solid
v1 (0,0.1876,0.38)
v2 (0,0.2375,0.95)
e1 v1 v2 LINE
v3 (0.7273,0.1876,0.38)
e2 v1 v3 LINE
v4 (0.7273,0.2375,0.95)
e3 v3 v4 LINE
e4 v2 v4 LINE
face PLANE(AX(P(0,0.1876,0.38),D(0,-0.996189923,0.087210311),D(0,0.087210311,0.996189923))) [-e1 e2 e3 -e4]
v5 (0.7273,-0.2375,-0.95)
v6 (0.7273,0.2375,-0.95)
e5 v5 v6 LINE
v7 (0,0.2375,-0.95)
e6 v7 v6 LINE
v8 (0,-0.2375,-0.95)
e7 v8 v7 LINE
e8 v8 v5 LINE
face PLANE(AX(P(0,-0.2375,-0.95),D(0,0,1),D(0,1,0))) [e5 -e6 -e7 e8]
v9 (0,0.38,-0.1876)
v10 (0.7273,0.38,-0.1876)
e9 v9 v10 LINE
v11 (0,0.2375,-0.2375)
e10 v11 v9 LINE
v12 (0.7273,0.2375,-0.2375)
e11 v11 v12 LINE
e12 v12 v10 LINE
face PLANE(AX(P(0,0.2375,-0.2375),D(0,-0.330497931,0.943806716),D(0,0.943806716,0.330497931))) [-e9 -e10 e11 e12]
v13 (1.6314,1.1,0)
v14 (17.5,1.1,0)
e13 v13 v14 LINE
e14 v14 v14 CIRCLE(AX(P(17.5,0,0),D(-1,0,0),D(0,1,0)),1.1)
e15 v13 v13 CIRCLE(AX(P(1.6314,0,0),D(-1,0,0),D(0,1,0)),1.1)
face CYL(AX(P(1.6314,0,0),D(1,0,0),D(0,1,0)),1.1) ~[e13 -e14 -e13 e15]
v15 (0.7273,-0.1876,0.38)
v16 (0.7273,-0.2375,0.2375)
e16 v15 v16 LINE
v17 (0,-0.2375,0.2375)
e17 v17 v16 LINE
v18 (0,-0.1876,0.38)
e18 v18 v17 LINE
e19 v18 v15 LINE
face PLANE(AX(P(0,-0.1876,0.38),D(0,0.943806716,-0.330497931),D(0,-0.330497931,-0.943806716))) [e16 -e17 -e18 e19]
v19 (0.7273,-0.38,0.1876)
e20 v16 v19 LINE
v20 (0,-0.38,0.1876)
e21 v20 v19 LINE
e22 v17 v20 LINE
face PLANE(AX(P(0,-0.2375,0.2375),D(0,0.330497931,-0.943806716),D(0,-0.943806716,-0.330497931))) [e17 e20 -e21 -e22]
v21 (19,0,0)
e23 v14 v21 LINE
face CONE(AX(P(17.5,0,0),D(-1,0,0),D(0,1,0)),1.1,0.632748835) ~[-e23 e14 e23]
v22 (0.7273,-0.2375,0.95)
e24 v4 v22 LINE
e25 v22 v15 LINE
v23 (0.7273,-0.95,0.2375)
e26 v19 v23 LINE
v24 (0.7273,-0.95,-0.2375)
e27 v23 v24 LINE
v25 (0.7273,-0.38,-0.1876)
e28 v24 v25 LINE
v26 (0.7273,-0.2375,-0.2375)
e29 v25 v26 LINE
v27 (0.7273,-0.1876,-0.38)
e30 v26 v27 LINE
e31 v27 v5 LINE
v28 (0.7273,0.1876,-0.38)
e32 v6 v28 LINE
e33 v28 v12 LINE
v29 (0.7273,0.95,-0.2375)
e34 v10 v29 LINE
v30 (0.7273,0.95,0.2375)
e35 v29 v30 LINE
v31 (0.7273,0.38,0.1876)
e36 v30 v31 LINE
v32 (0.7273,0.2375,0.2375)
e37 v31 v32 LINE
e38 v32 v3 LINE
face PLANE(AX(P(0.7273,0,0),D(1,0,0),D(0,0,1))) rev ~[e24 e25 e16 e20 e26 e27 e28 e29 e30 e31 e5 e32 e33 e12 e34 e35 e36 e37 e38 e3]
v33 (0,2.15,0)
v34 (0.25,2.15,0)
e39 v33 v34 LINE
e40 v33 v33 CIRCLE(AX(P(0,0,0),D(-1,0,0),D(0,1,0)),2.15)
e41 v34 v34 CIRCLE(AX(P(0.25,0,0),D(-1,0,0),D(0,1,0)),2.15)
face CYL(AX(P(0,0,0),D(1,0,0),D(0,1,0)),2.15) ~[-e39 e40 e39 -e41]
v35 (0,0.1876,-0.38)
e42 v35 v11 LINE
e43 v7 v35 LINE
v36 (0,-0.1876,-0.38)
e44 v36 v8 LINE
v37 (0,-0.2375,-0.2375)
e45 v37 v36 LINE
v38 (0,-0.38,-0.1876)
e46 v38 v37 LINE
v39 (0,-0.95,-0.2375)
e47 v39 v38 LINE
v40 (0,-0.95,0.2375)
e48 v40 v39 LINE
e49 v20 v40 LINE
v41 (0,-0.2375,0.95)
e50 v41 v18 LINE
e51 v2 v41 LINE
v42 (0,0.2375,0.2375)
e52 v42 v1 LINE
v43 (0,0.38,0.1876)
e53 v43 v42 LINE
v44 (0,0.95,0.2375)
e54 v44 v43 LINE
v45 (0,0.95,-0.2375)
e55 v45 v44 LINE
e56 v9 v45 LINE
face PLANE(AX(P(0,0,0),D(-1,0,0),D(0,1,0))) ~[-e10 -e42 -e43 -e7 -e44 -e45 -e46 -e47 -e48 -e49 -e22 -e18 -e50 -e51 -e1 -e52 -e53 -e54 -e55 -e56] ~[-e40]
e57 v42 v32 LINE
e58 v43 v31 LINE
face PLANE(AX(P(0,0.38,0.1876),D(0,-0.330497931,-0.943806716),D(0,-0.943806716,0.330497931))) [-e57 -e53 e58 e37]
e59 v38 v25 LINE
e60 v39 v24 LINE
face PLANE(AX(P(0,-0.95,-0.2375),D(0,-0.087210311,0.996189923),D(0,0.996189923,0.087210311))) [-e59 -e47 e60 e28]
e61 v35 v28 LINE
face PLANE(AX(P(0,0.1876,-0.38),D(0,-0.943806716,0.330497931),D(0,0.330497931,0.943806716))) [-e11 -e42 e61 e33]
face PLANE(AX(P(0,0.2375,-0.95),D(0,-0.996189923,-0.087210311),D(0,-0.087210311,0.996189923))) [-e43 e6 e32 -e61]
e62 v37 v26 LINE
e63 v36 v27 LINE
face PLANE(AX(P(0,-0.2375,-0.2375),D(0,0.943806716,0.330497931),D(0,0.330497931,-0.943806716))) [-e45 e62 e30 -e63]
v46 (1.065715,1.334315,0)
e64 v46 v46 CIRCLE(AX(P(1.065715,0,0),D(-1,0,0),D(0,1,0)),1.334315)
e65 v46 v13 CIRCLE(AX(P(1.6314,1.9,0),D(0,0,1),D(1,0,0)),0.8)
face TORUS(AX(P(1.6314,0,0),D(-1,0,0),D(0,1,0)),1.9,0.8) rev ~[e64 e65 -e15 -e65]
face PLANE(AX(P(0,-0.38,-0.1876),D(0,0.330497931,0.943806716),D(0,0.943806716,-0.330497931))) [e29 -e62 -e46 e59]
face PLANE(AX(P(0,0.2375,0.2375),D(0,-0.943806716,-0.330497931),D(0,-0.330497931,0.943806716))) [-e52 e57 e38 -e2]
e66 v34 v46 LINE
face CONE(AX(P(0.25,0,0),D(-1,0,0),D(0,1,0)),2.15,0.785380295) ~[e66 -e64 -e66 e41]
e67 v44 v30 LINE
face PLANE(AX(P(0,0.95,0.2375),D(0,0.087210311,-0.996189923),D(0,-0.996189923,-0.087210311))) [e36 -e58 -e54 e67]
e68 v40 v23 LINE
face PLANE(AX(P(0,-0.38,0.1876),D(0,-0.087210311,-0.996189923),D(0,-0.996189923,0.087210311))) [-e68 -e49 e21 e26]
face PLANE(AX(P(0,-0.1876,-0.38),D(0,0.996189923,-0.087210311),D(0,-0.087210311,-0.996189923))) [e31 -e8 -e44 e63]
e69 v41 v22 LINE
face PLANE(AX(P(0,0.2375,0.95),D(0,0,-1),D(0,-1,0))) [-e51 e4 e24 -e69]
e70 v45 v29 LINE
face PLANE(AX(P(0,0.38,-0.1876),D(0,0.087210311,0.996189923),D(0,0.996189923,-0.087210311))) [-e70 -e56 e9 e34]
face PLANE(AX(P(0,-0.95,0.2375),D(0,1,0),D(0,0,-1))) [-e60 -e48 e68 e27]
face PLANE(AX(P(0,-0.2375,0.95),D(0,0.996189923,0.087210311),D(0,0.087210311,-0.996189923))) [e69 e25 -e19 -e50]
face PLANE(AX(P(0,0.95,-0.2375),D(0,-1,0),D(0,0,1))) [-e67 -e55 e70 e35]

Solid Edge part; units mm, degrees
sketch "Sketch1" plane through (0, 0, 0) normal (0, 0, 1) x (1, 0, 0)
  line L0 (0, 0) -> (0, 2.15)
  line L1 (0, 2.15) -> (0.25, 2.15)
  line L2 (0.25, 2.15) -> (1.0657, 1.3343)
  arc A0 (1.0657, 1.3343) -> (1.6314, 1.1) centre (1.6314, 1.9) ccw
  line L3 (1.6314, 1.1) -> (17.5, 1.1)
  line L4 (17.5, 1.1) -> (19, 0)
  line L5 (19, 0) -> (0, 0)
revolve "RevolvedProtrusion1" add sketch "Sketch1" angle 360 about axis through (23.3, 0, 0) along (-1, 0, 0)
cosmetic_thread "Thread_1" size "M2.2" thread depth 15.4
sketch "Sketch2" plane through (0, 0, 0) normal (1, 0, 0) x (0, 1, 0)
  line L0 (0.2375, 0.95) -> (-0.2375, 0.95)
  line L1 (-0.2375, 0.95) -> (-0.1876, 0.38)
  line L2 (-0.1876, 0.38) -> (-0.2375, 0.2375)
  line L3 (-0.2375, 0.2375) -> (-0.38, 0.1876)
  line L4 (-0.38, 0.1876) -> (-0.95, 0.2375)
  line L5 (-0.95, 0.2375) -> (-0.95, -0.2375)
  line L6 (-0.95, -0.2375) -> (-0.38, -0.1876)
  line L7 (-0.38, -0.1876) -> (-0.2375, -0.2375)
  line L8 (-0.2375, -0.2375) -> (-0.1876, -0.38)
  line L9 (-0.1876, -0.38) -> (-0.2375, -0.95)
  line L10 (-0.2375, -0.95) -> (0.2375, -0.95)
  line L11 (0.2375, -0.95) -> (0.1876, -0.38)
  line L12 (0.1876, -0.38) -> (0.2375, -0.2375)
  line L13 (0.2375, -0.2375) -> (0.38, -0.1876)
  line L14 (0.38, -0.1876) -> (0.95, -0.2375)
  line L15 (0.95, -0.2375) -> (0.95, 0.2375)
  line L16 (0.95, 0.2375) -> (0.38, 0.1876)
  line L17 (0.38, 0.1876) -> (0.2375, 0.2375)
  line L18 (0.2375, 0.2375) -> (0.1876, 0.38)
  line L19 (0.1876, 0.38) -> (0.2375, 0.95)
extrude "ExtrudedCutout_1" cut sketch "Sketch2" along normal blind 0.7273
properties part number "bene_inox_212409-2,2X19"
